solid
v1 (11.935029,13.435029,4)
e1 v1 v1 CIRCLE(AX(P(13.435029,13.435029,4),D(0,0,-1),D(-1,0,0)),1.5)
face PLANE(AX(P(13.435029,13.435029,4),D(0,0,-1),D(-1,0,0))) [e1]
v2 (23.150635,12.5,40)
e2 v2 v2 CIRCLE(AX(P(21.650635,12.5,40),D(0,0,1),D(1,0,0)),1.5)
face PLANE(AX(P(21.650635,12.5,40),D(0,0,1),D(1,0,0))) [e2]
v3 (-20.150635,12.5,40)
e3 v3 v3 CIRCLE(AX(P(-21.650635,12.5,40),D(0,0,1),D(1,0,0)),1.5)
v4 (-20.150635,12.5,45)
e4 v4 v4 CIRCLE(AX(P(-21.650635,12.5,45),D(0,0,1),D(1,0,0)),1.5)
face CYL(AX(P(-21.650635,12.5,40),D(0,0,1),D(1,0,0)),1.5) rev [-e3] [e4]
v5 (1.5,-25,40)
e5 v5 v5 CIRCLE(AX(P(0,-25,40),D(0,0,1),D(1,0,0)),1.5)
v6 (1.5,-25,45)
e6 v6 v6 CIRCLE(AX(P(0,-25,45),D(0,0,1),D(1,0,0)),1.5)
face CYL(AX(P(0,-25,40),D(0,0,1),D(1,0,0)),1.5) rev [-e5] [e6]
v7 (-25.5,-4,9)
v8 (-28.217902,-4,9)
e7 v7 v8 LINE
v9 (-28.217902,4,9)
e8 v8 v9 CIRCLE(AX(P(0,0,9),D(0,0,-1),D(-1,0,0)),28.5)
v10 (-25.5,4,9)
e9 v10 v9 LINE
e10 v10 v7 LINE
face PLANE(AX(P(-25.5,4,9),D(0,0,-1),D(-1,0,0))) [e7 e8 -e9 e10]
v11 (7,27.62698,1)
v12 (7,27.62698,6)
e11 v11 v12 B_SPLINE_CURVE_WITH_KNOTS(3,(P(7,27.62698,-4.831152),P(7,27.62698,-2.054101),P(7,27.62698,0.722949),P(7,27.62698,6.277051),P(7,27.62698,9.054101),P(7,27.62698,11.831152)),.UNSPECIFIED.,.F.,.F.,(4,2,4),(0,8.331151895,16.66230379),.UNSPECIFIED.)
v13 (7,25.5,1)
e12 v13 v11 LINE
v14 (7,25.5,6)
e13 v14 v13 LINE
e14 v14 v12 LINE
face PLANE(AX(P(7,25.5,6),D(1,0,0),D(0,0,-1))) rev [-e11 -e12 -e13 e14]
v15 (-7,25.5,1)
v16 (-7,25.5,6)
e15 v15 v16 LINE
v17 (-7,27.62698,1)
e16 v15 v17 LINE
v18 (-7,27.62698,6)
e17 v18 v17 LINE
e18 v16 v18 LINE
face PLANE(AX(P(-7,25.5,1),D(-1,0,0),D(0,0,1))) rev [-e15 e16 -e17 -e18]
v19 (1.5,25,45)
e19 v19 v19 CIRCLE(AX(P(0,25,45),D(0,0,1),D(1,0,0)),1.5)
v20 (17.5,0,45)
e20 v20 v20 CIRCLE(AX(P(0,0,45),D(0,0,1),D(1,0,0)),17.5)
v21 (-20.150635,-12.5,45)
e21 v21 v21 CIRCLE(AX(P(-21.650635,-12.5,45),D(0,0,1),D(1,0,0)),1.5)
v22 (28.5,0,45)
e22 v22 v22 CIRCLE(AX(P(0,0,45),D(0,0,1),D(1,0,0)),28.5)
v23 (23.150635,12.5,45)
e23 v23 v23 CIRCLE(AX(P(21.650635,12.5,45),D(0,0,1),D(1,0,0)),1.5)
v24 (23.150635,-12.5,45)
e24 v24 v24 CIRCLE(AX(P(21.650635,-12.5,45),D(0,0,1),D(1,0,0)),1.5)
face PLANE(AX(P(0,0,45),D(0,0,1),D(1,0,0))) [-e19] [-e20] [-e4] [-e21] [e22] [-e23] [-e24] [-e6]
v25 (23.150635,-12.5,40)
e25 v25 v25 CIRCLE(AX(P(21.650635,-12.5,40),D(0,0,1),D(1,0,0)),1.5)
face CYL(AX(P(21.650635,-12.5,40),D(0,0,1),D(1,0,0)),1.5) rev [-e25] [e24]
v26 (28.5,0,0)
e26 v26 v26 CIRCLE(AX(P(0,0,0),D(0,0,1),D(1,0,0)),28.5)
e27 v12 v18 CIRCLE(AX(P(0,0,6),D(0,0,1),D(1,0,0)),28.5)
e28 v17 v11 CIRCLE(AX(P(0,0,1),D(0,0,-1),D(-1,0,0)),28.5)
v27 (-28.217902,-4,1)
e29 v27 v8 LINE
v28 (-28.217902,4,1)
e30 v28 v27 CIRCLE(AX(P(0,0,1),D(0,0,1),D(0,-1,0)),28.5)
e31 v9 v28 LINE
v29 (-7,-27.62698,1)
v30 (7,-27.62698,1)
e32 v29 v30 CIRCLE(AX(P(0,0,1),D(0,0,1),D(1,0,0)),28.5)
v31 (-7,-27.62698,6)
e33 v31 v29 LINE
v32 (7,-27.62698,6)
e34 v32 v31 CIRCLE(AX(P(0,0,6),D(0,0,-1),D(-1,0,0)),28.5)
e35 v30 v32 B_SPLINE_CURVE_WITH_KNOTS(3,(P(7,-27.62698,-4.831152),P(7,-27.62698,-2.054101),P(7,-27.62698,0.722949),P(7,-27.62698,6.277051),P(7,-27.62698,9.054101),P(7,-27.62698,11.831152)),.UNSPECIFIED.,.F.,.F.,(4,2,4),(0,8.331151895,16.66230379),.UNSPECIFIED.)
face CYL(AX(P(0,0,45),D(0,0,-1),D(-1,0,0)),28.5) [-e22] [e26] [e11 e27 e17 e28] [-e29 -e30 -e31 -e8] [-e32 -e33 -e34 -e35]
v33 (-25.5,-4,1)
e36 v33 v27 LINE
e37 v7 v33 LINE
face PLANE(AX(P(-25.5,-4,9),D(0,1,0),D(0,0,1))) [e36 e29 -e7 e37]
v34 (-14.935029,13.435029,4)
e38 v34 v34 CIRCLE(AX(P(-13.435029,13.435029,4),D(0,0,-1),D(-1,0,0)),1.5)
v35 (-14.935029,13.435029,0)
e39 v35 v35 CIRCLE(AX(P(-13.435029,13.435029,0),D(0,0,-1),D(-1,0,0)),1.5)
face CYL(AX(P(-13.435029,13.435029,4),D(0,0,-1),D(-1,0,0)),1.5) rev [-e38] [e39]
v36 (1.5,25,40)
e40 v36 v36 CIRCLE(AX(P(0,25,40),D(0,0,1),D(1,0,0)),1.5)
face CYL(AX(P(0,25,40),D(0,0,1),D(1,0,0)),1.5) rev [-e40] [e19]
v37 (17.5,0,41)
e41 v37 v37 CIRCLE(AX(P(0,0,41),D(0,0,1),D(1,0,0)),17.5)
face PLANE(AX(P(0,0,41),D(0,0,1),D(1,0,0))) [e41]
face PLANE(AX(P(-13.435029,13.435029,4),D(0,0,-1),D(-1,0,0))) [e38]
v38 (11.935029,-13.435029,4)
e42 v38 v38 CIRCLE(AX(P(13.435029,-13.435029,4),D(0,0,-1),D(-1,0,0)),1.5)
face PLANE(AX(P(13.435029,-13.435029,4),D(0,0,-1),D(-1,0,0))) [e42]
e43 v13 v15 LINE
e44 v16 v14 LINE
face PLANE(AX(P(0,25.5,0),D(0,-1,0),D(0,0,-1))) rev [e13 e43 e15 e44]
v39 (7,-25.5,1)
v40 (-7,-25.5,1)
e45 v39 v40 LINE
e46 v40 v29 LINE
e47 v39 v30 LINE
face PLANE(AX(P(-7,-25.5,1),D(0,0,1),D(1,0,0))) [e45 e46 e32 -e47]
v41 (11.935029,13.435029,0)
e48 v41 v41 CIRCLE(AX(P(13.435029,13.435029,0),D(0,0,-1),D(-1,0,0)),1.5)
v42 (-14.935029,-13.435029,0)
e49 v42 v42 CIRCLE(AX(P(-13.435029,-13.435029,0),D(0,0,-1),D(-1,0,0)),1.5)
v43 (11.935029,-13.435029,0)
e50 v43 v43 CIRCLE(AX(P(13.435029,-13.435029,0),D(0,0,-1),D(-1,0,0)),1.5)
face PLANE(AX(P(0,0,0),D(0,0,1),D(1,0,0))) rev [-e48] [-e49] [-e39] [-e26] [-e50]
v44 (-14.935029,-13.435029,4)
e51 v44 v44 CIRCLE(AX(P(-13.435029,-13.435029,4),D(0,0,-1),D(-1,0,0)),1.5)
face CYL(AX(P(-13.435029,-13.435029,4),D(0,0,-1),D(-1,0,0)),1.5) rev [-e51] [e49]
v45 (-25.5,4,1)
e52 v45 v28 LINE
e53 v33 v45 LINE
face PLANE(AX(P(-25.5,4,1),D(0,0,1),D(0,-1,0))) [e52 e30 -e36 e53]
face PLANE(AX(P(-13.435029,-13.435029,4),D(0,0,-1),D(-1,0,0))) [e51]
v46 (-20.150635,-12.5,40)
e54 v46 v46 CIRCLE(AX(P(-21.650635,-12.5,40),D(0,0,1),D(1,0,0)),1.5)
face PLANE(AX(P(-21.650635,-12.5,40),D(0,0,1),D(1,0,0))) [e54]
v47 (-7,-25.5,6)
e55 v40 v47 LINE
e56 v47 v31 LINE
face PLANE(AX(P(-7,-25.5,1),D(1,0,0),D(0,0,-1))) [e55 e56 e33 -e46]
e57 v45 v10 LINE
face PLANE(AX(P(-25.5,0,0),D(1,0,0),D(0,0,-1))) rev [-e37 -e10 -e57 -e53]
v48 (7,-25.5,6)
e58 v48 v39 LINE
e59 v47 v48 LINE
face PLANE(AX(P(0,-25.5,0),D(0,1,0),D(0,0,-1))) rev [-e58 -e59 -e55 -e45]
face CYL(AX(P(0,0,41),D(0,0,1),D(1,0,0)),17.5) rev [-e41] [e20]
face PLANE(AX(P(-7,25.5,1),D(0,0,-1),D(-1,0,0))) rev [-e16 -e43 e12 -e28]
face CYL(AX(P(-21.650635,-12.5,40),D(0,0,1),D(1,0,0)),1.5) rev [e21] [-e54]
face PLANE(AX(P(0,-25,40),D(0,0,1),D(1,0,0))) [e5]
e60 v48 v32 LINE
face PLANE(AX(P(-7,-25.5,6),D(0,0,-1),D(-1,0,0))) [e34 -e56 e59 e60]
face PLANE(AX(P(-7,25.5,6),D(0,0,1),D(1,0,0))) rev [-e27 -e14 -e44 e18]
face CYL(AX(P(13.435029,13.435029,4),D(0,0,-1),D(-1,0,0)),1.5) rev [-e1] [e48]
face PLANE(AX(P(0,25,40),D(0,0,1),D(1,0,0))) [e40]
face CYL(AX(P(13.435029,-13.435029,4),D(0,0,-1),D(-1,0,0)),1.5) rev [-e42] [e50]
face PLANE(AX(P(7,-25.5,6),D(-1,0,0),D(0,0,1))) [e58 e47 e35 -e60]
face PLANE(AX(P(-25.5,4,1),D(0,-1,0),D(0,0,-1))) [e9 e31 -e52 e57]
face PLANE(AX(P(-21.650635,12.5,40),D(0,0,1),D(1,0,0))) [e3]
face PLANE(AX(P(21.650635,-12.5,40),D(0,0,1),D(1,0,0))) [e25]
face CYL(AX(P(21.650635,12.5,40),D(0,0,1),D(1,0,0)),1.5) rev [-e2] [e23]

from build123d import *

# Parameters (mm, degrees)
SKETCH_1_R          = 28.5
EXTRUDE_1_DEPTH     = 45
SKETCH_2_R          = 17.5
CUT_EXTRUDE_2_DEPTH = 4
SKETCH_2_5_R        = 1.5
CUT_EXTRUDE_3_DEPTH = 5
SKETCH_4_R          = 1.5
CUT_EXTRUDE_4_DEPTH = 4
SKETCH_9_W          = 14
SKETCH_9_H          = 5
CUT_EXTRUDE_6_DEPTH = 3
SKETCH_10_W         = 8
SKETCH_10_H         = 8
CUT_EXTRUDE_7_DEPTH = 3


with BuildPart() as part:
    # 草图1 → 凸台-拉伸1 (new body)
    with BuildSketch(Plane.XY):
        Circle(SKETCH_1_R)
    extrude(amount=EXTRUDE_1_DEPTH)

    # 草图2 → 切除-拉伸2 (cut)
    with BuildSketch(Plane.XY.offset(45)):
        Circle(SKETCH_2_R)
    extrude(amount=-CUT_EXTRUDE_2_DEPTH, mode=Mode.SUBTRACT)

    # 草图2<5> → 切除-拉伸3 (cut)
    with BuildSketch(Plane.XY.offset(45)):
        with Locations((0, 25)):
            Circle(SKETCH_2_5_R)
        with Locations((21.650635095, 12.5)):
            Circle(SKETCH_2_5_R)
        with Locations((21.650635095, -12.5)):
            Circle(SKETCH_2_5_R)
        with Locations((0, -25)):
            Circle(SKETCH_2_5_R)
        with Locations((-21.650635095, -12.5)):
            Circle(SKETCH_2_5_R)
        with Locations((-21.650635095, 12.5)):
            Circle(SKETCH_2_5_R)
    extrude(amount=-CUT_EXTRUDE_3_DEPTH, mode=Mode.SUBTRACT)

    # 草图4 → 切除-拉伸4 (cut)
    with BuildSketch(Plane(origin=(0, 0, 0), x_dir=(-1, 0, 0), z_dir=(0, 0, -1))):
        with Locations((13.435028843, 13.435028843)):
            Circle(SKETCH_4_R)
        with Locations((-13.435028843, 13.435028843)):
            Circle(SKETCH_4_R)
        with Locations((13.435028843, -13.435028843)):
            Circle(SKETCH_4_R)
        with Locations((-13.435028843, -13.435028843)):
            Circle(SKETCH_4_R)
    extrude(amount=-CUT_EXTRUDE_4_DEPTH, mode=Mode.SUBTRACT)

    # 草图9 → 切除-拉伸6 (cut)
    with BuildSketch(Plane(origin=(0, 28.5, 0), x_dir=(1, 0, 0), z_dir=(0, 1, 0))):
        with Locations((0, -3.5)):
            Rectangle(SKETCH_9_W, SKETCH_9_H)
    cut_extrude_6 = extrude(amount=-CUT_EXTRUDE_6_DEPTH, mode=Mode.SUBTRACT)

    # 镜向1: 切除-拉伸6 across plane
    add(cut_extrude_6.mirror(Plane.ZX), mode=Mode.SUBTRACT)

    # 草图10 → 切除-拉伸7 (cut)
    with BuildSketch(Plane(origin=(-28.5, 0, 0), x_dir=(0, 0, -1), z_dir=(1, 0, 0))):
        with Locations((-5, 0)):
            Rectangle(SKETCH_10_W, SKETCH_10_H)
    extrude(amount=CUT_EXTRUDE_7_DEPTH, mode=Mode.SUBTRACT)


solid = part.part
